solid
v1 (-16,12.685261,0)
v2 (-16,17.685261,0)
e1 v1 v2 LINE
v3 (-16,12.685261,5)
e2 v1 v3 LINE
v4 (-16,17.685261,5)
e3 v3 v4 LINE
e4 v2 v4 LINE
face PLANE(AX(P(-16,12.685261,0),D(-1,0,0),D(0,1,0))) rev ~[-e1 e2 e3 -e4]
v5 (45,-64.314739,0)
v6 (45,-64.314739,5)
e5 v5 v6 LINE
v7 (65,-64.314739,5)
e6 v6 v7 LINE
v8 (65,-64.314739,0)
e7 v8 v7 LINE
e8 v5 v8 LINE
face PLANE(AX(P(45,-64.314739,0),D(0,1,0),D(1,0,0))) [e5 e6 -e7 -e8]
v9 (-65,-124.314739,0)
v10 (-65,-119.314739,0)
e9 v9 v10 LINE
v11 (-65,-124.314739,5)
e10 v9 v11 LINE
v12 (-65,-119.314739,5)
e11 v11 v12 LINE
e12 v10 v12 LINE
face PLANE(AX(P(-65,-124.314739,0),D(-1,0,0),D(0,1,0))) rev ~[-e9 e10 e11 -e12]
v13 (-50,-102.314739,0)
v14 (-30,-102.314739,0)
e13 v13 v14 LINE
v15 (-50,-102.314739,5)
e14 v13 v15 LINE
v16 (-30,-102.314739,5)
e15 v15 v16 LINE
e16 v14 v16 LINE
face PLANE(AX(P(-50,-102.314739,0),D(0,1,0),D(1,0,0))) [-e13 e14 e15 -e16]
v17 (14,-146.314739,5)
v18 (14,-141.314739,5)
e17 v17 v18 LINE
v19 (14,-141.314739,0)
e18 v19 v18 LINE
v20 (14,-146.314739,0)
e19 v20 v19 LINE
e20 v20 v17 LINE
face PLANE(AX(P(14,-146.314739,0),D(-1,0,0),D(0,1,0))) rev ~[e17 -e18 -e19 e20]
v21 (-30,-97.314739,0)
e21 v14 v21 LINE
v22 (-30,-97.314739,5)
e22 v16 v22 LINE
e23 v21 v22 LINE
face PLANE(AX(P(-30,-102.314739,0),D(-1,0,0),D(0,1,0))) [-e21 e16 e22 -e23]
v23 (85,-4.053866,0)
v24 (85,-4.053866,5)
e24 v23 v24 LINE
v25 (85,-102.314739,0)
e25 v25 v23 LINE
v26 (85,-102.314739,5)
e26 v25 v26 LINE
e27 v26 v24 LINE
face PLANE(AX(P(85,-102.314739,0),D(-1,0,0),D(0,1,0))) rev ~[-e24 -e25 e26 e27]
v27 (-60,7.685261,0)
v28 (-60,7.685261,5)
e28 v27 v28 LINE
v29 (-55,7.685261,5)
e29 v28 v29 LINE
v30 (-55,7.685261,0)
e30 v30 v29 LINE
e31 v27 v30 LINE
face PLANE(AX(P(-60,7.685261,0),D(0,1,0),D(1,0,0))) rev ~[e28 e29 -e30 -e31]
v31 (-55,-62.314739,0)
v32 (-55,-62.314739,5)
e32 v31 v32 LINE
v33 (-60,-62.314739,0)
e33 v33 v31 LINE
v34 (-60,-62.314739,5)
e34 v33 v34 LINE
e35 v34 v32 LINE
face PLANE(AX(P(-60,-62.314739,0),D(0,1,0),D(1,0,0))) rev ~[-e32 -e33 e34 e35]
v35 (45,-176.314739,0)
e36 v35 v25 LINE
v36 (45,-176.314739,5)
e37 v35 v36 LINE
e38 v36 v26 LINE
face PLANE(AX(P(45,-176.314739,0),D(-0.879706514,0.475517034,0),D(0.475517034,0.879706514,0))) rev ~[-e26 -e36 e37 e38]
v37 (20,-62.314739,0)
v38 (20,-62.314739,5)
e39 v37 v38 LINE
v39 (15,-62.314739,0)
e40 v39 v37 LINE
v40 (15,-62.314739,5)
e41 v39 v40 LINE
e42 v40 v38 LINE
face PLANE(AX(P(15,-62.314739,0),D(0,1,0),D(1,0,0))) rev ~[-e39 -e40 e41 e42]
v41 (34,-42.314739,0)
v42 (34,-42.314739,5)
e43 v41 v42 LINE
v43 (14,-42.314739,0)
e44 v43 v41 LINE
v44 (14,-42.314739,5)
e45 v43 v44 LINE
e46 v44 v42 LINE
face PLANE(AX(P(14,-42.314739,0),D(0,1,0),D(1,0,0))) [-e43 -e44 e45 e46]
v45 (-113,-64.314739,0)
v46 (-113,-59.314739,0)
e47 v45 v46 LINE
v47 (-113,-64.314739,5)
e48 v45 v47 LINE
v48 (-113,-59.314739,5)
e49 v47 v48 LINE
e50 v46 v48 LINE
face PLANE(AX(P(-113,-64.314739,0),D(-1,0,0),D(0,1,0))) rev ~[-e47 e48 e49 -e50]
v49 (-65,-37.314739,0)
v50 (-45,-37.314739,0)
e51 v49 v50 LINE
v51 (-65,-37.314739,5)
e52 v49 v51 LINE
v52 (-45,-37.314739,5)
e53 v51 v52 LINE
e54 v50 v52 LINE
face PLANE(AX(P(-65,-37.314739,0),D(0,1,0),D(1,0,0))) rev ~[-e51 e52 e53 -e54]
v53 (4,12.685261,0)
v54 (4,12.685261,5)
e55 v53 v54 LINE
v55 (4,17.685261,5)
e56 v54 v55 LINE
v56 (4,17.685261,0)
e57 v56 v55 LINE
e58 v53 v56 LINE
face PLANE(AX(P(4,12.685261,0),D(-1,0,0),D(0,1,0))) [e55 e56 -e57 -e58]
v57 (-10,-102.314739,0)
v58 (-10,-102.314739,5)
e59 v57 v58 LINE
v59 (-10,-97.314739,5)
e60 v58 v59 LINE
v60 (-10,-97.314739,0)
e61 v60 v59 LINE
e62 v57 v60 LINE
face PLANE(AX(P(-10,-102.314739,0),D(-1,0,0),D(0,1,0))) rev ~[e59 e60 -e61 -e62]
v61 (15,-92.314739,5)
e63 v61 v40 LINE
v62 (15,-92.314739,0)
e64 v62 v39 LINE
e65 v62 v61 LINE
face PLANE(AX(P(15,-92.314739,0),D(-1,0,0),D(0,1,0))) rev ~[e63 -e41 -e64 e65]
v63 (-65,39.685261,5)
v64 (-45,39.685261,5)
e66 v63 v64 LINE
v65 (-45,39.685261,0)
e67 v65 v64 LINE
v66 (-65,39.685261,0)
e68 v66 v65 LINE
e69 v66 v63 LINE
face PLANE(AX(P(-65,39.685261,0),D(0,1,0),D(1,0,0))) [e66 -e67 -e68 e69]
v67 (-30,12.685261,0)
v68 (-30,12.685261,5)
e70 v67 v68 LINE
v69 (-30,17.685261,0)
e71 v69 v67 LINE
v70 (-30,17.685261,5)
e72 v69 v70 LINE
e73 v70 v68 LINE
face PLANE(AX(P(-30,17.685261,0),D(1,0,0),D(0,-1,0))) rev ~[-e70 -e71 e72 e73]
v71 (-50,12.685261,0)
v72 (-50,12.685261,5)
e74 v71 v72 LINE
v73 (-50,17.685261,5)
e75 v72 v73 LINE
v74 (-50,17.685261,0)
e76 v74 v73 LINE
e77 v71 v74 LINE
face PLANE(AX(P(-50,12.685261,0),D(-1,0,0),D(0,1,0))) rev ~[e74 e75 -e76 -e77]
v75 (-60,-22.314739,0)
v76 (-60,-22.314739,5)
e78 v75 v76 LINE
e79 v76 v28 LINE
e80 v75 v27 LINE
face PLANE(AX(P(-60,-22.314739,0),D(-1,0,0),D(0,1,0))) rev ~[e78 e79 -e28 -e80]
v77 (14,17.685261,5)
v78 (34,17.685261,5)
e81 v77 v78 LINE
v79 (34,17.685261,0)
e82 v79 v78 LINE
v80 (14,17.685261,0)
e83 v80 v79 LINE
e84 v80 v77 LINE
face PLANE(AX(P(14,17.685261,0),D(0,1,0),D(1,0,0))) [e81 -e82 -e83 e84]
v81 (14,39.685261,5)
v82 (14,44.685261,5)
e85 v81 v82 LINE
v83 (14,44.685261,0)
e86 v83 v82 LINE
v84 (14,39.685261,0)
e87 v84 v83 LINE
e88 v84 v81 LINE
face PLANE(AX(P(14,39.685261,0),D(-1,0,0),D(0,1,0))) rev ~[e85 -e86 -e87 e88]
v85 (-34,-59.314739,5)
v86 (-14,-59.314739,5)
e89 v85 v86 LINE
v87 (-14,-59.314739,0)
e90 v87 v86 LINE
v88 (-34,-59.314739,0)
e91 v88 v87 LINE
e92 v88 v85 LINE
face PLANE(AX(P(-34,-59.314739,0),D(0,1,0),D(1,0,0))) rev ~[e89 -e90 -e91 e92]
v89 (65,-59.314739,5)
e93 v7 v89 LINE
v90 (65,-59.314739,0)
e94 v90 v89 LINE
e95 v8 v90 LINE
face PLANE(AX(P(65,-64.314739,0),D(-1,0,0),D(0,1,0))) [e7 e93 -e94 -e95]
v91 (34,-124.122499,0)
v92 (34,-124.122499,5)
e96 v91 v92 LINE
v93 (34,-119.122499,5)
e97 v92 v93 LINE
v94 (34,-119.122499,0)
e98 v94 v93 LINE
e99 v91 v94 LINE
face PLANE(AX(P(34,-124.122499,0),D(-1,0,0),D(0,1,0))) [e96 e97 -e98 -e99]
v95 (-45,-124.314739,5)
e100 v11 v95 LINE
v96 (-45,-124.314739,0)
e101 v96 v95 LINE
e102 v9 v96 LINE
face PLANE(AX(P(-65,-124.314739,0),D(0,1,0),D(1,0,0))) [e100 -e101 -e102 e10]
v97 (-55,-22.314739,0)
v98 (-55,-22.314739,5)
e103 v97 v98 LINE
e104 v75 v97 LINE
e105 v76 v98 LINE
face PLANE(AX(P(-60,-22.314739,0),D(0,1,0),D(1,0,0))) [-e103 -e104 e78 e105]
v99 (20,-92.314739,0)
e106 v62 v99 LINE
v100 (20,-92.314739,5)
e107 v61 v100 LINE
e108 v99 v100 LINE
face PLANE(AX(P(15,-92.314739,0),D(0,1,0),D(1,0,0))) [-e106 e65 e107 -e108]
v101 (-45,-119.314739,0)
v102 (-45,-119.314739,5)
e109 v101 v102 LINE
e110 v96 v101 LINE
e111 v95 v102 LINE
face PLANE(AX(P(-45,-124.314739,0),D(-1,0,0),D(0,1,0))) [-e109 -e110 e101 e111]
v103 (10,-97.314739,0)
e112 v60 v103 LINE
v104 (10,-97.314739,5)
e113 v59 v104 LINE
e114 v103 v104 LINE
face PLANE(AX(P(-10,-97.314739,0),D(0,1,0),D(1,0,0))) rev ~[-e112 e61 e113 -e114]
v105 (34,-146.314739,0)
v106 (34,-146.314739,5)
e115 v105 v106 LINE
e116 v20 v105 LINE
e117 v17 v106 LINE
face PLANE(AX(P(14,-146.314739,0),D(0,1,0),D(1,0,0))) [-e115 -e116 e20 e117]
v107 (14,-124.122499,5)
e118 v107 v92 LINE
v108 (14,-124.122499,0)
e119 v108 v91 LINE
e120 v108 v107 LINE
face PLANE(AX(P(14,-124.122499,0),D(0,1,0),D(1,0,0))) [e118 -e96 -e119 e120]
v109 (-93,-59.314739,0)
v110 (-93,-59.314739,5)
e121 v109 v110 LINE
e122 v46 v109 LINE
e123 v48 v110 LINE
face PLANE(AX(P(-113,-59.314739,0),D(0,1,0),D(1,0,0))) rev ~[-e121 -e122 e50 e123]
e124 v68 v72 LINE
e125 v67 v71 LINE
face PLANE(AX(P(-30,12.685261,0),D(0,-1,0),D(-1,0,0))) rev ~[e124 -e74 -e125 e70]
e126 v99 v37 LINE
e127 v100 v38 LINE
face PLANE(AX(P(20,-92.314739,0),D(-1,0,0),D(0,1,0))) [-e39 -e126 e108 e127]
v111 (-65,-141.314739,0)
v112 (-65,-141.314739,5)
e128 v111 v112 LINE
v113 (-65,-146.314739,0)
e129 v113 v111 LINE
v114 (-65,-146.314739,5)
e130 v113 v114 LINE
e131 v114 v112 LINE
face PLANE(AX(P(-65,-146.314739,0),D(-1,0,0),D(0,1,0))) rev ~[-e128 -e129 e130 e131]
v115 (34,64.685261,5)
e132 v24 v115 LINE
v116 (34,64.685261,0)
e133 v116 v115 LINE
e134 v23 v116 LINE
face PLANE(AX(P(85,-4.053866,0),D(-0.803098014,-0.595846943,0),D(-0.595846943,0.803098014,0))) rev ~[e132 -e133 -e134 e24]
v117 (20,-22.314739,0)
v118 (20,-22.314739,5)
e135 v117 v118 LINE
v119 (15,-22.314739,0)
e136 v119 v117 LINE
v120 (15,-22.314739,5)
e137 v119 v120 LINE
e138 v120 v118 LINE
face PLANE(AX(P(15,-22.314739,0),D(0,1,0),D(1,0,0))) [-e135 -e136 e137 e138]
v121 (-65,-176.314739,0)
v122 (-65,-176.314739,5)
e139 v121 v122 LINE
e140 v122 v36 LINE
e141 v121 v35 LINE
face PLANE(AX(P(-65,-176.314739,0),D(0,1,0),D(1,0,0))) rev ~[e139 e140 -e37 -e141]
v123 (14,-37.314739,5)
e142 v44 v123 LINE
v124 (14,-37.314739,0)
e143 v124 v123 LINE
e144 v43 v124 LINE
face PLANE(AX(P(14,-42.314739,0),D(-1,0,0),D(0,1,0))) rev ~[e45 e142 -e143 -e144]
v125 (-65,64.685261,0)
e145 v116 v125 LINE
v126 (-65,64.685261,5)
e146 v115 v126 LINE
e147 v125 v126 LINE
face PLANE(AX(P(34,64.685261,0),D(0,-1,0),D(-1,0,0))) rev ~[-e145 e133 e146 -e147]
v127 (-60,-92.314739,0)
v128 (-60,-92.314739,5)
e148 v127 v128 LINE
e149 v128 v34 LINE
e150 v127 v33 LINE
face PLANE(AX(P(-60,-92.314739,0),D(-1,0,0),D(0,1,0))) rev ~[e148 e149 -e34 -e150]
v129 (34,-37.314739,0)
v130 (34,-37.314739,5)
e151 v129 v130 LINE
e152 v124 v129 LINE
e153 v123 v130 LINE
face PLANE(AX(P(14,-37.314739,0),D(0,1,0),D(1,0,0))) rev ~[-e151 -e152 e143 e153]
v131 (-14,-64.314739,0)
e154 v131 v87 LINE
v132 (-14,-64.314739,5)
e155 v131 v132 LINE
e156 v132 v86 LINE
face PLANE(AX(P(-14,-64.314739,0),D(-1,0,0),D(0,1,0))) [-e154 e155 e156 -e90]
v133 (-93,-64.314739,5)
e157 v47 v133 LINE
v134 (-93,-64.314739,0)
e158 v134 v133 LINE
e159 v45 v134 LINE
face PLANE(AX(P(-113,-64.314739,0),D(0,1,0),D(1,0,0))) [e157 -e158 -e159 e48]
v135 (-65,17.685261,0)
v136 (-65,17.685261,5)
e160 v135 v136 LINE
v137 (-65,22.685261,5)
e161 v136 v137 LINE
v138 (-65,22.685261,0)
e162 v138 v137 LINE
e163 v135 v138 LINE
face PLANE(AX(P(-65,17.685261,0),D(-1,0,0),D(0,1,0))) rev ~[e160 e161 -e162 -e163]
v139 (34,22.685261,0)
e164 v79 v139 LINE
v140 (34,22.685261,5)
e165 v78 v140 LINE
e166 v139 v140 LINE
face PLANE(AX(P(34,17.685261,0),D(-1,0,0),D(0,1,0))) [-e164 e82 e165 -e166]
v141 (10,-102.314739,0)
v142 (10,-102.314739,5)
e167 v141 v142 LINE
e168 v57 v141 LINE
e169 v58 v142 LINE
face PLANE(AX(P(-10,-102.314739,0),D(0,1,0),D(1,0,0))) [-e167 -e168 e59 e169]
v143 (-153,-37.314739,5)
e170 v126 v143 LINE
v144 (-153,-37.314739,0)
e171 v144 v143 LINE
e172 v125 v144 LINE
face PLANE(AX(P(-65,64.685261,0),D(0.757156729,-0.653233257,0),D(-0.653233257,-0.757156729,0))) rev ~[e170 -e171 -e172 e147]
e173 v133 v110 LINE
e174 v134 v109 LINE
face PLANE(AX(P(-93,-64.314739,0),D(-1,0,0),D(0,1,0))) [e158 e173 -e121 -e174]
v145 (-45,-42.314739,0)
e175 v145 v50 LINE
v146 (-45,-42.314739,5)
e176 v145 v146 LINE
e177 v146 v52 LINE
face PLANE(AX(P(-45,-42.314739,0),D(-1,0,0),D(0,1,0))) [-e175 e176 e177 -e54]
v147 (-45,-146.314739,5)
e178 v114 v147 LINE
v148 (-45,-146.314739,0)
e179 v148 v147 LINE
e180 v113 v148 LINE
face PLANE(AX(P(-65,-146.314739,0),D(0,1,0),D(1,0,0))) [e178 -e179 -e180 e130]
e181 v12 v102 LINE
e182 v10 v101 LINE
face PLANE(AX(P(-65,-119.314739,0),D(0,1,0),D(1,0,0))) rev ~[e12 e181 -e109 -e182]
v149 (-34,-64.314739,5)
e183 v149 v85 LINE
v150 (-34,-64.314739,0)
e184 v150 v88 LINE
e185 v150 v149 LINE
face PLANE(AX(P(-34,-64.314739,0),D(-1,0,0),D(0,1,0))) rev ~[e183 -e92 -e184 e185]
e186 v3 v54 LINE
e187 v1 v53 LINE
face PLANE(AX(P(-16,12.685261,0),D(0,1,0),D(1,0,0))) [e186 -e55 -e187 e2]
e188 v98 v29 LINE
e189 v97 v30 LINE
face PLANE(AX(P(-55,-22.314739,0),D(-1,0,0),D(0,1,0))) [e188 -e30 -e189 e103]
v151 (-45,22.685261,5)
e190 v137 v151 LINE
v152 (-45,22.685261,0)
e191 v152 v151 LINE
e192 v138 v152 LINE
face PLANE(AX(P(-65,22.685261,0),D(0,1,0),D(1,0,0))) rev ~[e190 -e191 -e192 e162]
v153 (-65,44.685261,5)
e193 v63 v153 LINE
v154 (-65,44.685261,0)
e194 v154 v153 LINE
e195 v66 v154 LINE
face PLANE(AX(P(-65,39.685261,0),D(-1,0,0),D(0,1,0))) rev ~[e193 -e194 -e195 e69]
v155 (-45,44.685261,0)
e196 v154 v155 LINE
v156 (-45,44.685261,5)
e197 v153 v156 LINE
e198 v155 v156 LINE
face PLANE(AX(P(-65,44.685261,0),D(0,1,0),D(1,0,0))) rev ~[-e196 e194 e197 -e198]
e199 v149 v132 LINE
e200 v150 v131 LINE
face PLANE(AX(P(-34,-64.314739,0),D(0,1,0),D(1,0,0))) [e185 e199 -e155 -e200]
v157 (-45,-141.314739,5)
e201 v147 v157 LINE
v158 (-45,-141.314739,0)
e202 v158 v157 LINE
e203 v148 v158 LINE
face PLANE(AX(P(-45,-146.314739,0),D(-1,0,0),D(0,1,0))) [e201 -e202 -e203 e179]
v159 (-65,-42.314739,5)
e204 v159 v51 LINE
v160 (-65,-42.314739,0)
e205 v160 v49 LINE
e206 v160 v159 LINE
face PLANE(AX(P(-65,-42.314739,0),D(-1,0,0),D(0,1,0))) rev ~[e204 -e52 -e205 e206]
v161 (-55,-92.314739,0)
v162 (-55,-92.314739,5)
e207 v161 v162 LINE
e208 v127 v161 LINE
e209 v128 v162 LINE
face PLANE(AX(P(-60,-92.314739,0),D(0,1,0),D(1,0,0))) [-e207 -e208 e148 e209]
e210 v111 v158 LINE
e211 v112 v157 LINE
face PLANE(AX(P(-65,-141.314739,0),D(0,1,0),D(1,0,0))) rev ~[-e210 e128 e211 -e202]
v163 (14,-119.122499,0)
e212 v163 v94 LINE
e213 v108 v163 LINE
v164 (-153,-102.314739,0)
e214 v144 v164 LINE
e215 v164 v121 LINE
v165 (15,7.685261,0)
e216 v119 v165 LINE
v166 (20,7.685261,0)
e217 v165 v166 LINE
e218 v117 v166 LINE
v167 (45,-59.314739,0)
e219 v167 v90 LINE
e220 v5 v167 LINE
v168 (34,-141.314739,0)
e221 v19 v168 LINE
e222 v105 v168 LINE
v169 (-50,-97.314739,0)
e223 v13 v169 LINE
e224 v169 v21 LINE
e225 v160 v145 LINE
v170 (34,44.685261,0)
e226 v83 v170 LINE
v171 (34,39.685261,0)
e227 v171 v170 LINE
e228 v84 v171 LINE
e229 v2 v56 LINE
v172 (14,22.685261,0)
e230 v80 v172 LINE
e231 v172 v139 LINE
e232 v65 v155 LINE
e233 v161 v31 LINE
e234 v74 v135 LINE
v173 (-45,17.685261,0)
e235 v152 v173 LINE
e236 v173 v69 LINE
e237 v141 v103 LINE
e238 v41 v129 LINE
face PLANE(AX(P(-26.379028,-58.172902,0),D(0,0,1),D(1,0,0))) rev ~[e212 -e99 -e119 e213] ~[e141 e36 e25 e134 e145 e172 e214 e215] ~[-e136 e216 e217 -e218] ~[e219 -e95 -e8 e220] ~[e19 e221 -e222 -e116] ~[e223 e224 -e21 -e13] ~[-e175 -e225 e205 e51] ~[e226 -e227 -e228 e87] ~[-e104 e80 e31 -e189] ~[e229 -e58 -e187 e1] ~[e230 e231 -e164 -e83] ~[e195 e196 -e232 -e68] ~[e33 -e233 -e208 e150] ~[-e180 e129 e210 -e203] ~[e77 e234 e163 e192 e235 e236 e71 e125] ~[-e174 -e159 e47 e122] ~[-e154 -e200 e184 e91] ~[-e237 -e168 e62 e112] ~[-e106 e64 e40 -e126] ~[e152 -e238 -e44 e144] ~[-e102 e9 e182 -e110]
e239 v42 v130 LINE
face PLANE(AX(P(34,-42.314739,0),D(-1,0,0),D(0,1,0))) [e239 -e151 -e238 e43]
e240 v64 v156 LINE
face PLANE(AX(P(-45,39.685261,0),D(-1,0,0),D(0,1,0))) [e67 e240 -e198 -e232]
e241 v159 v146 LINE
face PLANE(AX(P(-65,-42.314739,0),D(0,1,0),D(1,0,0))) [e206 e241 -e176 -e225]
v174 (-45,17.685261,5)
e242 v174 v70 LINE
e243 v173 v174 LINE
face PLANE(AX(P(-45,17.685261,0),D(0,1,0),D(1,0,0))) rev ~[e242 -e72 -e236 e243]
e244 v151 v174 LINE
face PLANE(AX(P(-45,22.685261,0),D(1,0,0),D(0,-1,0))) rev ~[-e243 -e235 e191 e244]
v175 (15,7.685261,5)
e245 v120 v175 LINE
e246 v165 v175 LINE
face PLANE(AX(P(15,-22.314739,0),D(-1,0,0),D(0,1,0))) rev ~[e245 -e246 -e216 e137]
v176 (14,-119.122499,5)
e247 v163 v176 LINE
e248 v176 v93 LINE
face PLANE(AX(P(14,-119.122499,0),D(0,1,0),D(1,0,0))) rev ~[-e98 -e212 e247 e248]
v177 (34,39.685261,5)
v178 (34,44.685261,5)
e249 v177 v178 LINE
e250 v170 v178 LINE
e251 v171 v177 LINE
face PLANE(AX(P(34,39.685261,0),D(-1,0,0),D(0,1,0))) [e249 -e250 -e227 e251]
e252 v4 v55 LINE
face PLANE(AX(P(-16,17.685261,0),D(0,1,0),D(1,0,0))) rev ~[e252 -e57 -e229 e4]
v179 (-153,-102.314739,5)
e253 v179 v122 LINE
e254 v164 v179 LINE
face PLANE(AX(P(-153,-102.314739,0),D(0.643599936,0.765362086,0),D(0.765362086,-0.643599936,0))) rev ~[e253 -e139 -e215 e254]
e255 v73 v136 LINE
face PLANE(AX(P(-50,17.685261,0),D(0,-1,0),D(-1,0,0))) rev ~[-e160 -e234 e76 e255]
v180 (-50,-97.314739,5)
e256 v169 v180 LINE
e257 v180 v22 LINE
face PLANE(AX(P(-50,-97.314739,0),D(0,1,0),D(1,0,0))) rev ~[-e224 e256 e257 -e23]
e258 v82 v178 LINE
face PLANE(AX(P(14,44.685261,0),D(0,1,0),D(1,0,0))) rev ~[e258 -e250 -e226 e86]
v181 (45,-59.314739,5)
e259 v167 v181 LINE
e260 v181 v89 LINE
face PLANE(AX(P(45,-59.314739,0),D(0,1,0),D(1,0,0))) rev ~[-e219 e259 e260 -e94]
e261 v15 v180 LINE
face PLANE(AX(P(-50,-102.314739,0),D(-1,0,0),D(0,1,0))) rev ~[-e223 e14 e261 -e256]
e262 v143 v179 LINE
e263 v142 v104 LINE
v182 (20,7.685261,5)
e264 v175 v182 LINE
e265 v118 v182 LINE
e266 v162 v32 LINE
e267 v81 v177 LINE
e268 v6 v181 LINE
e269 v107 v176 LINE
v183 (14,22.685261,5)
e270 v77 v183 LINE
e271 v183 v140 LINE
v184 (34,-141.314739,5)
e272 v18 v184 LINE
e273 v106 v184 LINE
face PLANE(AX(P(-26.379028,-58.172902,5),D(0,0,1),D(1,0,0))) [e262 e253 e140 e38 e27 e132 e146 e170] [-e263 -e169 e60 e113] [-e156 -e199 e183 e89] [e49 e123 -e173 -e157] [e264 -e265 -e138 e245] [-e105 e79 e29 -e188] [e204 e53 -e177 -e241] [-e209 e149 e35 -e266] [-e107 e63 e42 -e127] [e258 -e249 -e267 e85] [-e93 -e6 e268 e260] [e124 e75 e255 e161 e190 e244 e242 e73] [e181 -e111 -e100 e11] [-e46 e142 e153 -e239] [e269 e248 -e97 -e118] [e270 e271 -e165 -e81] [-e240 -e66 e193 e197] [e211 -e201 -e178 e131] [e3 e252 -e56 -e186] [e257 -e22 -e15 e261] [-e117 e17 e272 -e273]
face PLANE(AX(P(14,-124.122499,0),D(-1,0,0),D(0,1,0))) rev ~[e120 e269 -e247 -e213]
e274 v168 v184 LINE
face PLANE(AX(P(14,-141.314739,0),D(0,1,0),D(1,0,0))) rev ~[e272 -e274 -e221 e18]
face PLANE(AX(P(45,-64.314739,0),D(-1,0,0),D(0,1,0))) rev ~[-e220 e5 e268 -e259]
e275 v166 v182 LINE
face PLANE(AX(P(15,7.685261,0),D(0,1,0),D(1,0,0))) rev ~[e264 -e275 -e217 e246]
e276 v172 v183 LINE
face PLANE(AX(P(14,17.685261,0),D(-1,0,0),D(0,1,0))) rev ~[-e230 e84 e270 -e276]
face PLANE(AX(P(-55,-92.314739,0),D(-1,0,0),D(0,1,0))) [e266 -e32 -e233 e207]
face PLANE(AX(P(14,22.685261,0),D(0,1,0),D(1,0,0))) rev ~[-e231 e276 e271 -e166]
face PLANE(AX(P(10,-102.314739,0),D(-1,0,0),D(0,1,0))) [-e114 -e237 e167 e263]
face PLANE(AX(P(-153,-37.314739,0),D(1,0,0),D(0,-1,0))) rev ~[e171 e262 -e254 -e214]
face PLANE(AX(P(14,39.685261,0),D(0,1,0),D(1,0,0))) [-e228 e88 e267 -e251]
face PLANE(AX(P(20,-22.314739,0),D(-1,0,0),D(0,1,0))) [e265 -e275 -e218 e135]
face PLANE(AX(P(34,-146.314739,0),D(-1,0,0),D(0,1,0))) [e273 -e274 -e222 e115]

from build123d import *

# Parameters (mm, degrees)
SKETCH1_W           = 20
SKETCH1_H           = 5
SKETCH1_W_2         = 5
SKETCH1_H_2         = 30
BOSS_EXTRUDE1_DEPTH = 5


with BuildPart() as part:
    # Sketch1 → Boss-Extrude1 (new body)
    with BuildSketch(Plane.XY):
        Polygon((85, -102.314739042), (85, -4.053866158), (34, 64.685260958), (-65, 64.685260958), (-153, -37.314739042), (-153, -102.314739042), (-65, -176.314739042), (45, -176.314739042), align=None)
        with Locations((-55, -143.814739042)):
            Rectangle(SKETCH1_W, SKETCH1_H, mode=Mode.SUBTRACT)
        with Locations((-55, -121.814739042)):
            Rectangle(SKETCH1_W, SKETCH1_H, mode=Mode.SUBTRACT)
        with Locations((-103, -61.814739042)):
            Rectangle(SKETCH1_W, SKETCH1_H, mode=Mode.SUBTRACT)
        with Locations((-40, -99.814739042)):
            Rectangle(SKETCH1_W, SKETCH1_H, mode=Mode.SUBTRACT)
        with Locations((-57.5, -77.314739042)):
            Rectangle(SKETCH1_W_2, SKETCH1_H_2, mode=Mode.SUBTRACT)
        with Locations((24, -143.814739042)):
            Rectangle(SKETCH1_W, SKETCH1_H, mode=Mode.SUBTRACT)
        with Locations((24, -121.622499161)):
            Rectangle(SKETCH1_W, SKETCH1_H, mode=Mode.SUBTRACT)
        with Locations((0, -99.814739042)):
            Rectangle(SKETCH1_W, SKETCH1_H, mode=Mode.SUBTRACT)
        with Locations((-24, -61.814739042)):
            Rectangle(SKETCH1_W, SKETCH1_H, mode=Mode.SUBTRACT)
        with Locations((17.5, -77.314739042)):
            Rectangle(SKETCH1_W_2, SKETCH1_H_2, mode=Mode.SUBTRACT)
        with Locations((55, -61.814739042)):
            Rectangle(SKETCH1_W, SKETCH1_H, mode=Mode.SUBTRACT)
        with Locations((-55, -39.814739042)):
            Rectangle(SKETCH1_W, SKETCH1_H, mode=Mode.SUBTRACT)
        with Locations((-57.5, -7.314739042)):
            Rectangle(SKETCH1_W_2, SKETCH1_H_2, mode=Mode.SUBTRACT)
        Polygon((-65, 22.685260958), (-45, 22.685260958), (-45, 17.685260958), (-30, 17.685260958), (-30, 12.685260958), (-50, 12.685260958), (-50, 17.685260958), (-65, 17.685260958), align=None, mode=Mode.SUBTRACT)
        with Locations((-55, 42.185260958)):
            Rectangle(SKETCH1_W, SKETCH1_H, mode=Mode.SUBTRACT)
        with Locations((24, -39.814739042)):
            Rectangle(SKETCH1_W, SKETCH1_H, mode=Mode.SUBTRACT)
        with Locations((17.5, -7.314739042)):
            Rectangle(SKETCH1_W_2, SKETCH1_H_2, mode=Mode.SUBTRACT)
        with Locations((-6, 15.185260958)):
            Rectangle(SKETCH1_W, SKETCH1_H, mode=Mode.SUBTRACT)
        with Locations((24, 20.185260958)):
            Rectangle(SKETCH1_W, SKETCH1_H, mode=Mode.SUBTRACT)
        with Locations((24, 42.185260958)):
            Rectangle(SKETCH1_W, SKETCH1_H, mode=Mode.SUBTRACT)
    extrude(amount=BOSS_EXTRUDE1_DEPTH)


solid = part.part
